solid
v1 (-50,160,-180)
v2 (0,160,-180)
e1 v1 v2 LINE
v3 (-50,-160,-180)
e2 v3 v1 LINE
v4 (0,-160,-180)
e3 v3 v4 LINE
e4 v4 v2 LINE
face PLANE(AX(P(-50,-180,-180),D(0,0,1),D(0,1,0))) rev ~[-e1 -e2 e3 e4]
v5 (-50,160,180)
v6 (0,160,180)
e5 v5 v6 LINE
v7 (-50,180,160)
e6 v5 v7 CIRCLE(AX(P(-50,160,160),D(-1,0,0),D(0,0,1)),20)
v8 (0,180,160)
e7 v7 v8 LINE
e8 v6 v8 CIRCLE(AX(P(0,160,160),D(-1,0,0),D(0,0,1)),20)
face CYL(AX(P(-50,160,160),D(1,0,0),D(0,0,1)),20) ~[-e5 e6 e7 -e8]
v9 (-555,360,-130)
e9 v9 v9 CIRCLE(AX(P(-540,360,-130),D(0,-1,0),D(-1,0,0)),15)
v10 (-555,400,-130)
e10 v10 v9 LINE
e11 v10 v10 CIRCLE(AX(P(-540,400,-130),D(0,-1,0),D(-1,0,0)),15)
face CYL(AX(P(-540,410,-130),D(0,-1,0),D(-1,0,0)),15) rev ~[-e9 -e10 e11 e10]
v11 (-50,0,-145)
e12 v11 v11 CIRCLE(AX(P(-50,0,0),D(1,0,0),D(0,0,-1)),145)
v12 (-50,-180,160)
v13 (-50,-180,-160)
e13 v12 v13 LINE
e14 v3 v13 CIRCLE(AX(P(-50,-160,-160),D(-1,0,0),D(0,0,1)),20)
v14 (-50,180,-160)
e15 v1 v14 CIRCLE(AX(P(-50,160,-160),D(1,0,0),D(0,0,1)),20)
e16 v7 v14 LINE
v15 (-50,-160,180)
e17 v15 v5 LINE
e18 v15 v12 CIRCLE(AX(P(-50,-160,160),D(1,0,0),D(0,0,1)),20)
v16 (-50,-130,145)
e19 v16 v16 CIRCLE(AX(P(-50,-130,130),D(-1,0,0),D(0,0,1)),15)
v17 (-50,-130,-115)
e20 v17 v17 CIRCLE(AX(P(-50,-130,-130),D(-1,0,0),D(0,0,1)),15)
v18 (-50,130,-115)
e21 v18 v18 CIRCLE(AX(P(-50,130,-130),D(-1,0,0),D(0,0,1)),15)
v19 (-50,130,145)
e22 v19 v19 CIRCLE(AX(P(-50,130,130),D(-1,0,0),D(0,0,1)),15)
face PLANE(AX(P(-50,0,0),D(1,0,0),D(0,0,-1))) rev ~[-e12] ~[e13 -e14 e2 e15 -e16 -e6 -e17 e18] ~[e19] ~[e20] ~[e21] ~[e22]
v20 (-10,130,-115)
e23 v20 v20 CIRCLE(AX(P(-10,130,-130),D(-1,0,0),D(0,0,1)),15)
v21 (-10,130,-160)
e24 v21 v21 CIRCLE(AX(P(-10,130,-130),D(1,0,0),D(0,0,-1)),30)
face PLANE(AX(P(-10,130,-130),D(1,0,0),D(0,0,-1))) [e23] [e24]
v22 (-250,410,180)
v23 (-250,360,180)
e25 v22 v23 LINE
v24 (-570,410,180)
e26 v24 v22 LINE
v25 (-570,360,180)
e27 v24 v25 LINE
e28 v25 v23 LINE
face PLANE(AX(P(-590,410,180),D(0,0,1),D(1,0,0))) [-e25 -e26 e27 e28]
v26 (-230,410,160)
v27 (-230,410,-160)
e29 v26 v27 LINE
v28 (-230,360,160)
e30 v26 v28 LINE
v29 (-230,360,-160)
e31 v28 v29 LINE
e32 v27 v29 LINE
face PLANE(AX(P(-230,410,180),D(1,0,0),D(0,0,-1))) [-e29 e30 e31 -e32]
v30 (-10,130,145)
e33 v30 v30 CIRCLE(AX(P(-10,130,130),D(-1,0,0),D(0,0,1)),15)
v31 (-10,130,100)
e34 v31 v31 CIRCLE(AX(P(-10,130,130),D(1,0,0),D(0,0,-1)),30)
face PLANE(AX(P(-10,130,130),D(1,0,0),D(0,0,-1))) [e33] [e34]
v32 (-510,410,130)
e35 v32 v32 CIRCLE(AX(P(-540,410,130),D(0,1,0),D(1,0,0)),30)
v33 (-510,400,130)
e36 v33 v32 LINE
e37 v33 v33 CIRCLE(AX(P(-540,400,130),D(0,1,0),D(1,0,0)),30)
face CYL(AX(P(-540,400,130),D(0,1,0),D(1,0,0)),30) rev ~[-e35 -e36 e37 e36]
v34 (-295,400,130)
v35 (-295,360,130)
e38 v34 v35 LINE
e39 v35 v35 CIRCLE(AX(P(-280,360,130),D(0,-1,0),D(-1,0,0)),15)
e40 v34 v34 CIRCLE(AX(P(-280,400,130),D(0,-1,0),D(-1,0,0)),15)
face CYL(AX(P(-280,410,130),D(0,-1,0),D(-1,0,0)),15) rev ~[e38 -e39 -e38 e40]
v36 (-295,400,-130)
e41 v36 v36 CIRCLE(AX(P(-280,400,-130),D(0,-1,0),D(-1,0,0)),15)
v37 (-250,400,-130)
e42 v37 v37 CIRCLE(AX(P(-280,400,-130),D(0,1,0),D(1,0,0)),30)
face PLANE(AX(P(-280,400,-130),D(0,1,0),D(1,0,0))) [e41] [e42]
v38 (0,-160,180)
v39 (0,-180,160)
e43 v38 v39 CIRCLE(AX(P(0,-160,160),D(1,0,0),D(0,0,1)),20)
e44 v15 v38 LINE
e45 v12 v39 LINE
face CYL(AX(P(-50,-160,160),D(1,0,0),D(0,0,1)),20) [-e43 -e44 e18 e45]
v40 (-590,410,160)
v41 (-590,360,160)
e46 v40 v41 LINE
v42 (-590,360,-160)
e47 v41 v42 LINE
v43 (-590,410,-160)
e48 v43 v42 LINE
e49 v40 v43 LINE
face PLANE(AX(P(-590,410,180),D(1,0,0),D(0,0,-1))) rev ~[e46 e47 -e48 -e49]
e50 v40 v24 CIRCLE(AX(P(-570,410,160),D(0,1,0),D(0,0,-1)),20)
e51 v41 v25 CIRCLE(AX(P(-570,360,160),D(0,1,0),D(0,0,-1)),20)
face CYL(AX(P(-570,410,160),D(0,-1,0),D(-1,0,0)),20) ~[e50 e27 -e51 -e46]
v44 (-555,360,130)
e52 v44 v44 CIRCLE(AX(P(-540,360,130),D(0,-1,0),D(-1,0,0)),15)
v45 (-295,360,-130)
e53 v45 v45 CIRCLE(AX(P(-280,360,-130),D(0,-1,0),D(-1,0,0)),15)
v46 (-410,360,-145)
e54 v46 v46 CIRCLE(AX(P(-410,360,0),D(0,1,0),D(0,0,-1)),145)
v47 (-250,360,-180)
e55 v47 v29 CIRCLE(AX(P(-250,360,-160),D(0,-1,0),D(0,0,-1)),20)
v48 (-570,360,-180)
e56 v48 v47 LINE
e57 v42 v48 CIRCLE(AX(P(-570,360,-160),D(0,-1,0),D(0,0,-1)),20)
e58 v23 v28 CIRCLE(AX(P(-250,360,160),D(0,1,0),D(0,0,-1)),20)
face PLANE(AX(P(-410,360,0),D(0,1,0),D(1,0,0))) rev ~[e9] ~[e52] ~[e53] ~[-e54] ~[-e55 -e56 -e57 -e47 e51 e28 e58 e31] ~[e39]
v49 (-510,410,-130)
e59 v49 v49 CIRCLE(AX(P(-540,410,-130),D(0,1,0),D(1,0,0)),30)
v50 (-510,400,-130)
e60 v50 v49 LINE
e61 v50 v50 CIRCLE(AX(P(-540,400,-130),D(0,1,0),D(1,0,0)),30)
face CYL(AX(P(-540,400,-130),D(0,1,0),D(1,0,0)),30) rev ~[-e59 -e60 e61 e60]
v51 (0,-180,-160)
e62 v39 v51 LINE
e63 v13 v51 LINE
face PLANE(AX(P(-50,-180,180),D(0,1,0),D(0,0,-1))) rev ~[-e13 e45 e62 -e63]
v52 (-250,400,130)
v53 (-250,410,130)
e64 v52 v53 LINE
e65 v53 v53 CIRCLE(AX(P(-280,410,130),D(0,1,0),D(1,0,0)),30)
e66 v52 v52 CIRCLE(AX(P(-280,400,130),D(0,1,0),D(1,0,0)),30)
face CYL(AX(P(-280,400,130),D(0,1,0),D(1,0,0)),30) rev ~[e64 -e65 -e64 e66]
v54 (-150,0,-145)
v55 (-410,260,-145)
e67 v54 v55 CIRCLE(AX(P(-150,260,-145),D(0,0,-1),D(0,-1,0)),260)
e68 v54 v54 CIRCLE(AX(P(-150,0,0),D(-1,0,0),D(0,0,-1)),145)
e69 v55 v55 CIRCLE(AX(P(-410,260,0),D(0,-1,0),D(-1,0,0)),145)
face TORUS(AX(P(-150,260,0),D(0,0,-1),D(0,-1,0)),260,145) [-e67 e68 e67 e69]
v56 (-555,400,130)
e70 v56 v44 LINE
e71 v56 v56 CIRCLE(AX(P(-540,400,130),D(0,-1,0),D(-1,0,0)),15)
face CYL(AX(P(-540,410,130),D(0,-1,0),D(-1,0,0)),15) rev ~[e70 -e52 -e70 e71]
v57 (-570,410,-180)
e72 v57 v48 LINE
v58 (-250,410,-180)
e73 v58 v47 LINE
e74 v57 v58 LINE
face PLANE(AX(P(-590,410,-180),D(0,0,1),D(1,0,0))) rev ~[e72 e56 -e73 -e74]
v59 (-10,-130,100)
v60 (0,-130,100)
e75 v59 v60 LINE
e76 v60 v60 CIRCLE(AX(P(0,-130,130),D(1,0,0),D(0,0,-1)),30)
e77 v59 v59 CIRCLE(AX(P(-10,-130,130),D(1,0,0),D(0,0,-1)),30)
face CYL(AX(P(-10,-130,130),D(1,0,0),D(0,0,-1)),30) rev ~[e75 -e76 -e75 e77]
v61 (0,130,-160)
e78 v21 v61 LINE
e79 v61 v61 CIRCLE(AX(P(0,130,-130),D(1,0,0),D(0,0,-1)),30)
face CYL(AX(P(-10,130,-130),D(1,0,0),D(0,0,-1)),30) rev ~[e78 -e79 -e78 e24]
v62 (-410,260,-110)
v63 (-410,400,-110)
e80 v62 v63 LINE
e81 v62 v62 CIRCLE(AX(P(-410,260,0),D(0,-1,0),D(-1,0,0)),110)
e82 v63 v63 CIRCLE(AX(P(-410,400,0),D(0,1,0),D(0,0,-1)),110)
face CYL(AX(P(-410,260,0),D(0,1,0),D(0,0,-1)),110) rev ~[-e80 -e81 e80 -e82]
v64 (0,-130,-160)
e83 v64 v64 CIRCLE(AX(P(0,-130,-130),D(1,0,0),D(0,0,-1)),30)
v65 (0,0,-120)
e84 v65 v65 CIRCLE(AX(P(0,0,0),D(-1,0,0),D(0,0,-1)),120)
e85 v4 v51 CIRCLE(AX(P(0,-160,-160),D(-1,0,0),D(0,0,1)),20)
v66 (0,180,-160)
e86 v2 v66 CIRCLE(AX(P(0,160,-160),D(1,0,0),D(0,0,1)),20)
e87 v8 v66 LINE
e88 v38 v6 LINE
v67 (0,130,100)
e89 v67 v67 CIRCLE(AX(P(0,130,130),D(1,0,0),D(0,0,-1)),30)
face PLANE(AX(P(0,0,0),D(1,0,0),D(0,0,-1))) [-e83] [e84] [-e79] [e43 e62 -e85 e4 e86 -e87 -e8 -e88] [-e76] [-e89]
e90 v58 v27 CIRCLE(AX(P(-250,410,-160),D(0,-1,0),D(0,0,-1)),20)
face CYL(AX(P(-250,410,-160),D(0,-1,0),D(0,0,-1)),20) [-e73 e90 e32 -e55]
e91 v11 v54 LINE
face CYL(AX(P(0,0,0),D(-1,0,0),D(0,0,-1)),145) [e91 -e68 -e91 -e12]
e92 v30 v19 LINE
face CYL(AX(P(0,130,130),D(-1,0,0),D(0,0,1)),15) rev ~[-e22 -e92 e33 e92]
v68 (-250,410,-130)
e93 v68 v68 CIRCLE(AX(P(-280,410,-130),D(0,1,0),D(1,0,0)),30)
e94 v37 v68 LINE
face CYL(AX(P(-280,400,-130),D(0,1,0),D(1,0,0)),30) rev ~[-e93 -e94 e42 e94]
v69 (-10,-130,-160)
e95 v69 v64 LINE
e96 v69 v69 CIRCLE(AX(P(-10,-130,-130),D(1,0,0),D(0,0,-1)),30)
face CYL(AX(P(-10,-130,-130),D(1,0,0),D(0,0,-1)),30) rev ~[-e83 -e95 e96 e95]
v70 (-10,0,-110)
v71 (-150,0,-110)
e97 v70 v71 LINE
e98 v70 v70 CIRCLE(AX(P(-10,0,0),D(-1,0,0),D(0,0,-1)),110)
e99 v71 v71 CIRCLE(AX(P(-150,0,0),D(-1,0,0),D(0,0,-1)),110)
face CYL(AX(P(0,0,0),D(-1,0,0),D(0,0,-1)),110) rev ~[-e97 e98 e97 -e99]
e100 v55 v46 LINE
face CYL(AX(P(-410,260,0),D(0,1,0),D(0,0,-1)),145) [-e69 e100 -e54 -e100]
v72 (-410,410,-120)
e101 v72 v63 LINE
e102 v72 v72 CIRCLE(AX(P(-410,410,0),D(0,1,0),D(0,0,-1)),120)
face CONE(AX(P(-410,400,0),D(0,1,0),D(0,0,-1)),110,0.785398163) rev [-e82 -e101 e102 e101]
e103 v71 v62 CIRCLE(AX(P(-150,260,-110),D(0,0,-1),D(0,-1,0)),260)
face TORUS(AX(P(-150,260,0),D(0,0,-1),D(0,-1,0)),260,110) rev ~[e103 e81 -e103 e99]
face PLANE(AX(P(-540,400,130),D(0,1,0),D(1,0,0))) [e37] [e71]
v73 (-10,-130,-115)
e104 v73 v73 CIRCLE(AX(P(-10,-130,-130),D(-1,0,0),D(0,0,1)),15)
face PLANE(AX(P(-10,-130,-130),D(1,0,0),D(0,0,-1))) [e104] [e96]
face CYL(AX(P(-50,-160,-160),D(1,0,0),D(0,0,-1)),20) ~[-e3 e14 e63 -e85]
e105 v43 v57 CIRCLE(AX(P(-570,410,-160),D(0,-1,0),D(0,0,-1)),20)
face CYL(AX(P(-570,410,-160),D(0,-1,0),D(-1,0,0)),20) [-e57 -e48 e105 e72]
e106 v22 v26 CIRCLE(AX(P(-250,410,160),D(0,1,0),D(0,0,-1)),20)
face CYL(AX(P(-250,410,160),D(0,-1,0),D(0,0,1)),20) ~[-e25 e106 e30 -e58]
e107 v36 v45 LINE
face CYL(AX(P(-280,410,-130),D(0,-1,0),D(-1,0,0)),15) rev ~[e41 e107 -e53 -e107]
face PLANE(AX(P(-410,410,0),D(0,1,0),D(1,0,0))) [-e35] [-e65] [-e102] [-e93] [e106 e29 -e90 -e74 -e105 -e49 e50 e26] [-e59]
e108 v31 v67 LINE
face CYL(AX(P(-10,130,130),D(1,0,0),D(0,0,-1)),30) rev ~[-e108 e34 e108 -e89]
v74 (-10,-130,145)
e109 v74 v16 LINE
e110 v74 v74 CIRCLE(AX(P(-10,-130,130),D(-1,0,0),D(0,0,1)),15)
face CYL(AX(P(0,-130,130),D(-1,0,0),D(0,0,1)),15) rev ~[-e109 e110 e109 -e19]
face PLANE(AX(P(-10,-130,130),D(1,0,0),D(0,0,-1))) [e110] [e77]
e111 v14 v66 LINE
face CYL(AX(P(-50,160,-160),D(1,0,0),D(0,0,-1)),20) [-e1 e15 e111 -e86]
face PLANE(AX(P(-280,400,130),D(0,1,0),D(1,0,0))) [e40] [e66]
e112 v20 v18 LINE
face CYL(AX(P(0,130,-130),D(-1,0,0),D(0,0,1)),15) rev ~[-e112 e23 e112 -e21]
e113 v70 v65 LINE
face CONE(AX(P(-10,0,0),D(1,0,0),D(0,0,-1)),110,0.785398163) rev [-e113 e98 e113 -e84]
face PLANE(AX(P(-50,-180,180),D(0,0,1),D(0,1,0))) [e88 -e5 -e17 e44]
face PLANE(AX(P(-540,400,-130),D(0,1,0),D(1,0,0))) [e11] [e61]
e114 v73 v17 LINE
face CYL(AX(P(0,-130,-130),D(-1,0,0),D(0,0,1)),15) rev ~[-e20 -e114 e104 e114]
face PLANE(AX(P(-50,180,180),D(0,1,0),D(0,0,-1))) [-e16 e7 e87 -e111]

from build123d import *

# Parameters (mm, degrees)
SKETCH2_R                                           = 145
SKETCH2_R_2                                         = 110
BOSS_EXTRUDE2_START                                 = -50
SKETCH8_W                                           = 360
SKETCH8_H                                           = 360
SKETCH8_R                                           = 145
BOSS_EXTRUDE2_DEPTH                                 = 50
FILLET1_R                                           = 20
CBORE_FOR_0_BINDING_HEAD_MACHINE_SCREW3_D           = 29.999999944
CBORE_FOR_0_BINDING_HEAD_MACHINE_SCREW3_DEPTH       = 50
CBORE_FOR_0_BINDING_HEAD_MACHINE_SCREW3_CBORE_D     = 59.999999888
CBORE_FOR_0_BINDING_HEAD_MACHINE_SCREW3_CBORE_DEPTH = 10.000000066
SKETCH21_W                                          = 360
SKETCH21_H                                          = 360
SKETCH21_R                                          = 145
BOSS_EXTRUDE4_DEPTH                                 = 50
CBORE_FOR_0_BINDING_HEAD_MACHINE_SCREW5_D           = 29.999999944
CBORE_FOR_0_BINDING_HEAD_MACHINE_SCREW5_DEPTH       = 50
CBORE_FOR_0_BINDING_HEAD_MACHINE_SCREW5_CBORE_D     = 59.999999888
CBORE_FOR_0_BINDING_HEAD_MACHINE_SCREW5_CBORE_DEPTH = 10.000000066
FILLET2_R                                           = 20
CHAMFER1_SIZE                                       = 10


with BuildPart() as part:
    # Sweep12: sweep along a path in Sketch1
    with BuildLine(Plane.XY) as sweep12_path:
        Line((0, 0), (-150, 0))
        ThreePointArc((-150, 0), (-333.847763109, 76.152236891), (-410, 260))
        Line((-410, 260), (-410, 410))
    # Sketch2 → Sweep12 (sweep)
    with BuildSketch(Plane(origin=(0, 0, 0), x_dir=(0, 0, -1), z_dir=(1, 0, 0))):
        Circle(SKETCH2_R)
        Circle(SKETCH2_R_2, mode=Mode.SUBTRACT)
    sweep(path=sweep12_path.line)

    # Sketch8 → Boss-Extrude2 (add)
    with BuildSketch(Plane(origin=(0, 0, 0), x_dir=(0, 0, -1), z_dir=(1, 0, 0)).offset(BOSS_EXTRUDE2_START)):
        Rectangle(SKETCH8_W, SKETCH8_H)
        with Locations(Location((0, 0, 0), (0, 0, 270))):
            Circle(SKETCH8_R, mode=Mode.SUBTRACT)
    extrude(amount=BOSS_EXTRUDE2_DEPTH)

    # Fillet1
    fillet1_edges = [part.edges().sort_by_distance(p)[0] for p in [
        (-25, 180, -180),
        (-25, -180, -180),
        (-25, -180, 180),
        (-25, 180, 180),
    ]]
    fillet(fillet1_edges, radius=FILLET1_R)

    # CBORE for #0 Binding Head Machine Screw3
    with Locations(Plane(origin=(0, 0, 0), x_dir=(0, 0, -1), z_dir=(1, 0, 0))):
        with Locations((-130, 130), (130, 130), (130, -130), (-130, -130)):
            CounterBoreHole(CBORE_FOR_0_BINDING_HEAD_MACHINE_SCREW3_D / 2, CBORE_FOR_0_BINDING_HEAD_MACHINE_SCREW3_CBORE_D / 2, CBORE_FOR_0_BINDING_HEAD_MACHINE_SCREW3_CBORE_DEPTH, depth=CBORE_FOR_0_BINDING_HEAD_MACHINE_SCREW3_DEPTH)

    # Sketch21 → Boss-Extrude4 (add)
    with BuildSketch(Plane(origin=(0, 410, 0), x_dir=(1, 0, 0), z_dir=(0, 1, 0))):
        with Locations((-410, 0)):
            Rectangle(SKETCH21_W, SKETCH21_H)
        with Locations(Location((-410, 0, 0), (0, 0, 180))):
            Circle(SKETCH21_R, mode=Mode.SUBTRACT)
    extrude(amount=-BOSS_EXTRUDE4_DEPTH)

    # CBORE for #0 Binding Head Machine Screw5
    with Locations(Plane(origin=(0, 410, 0), x_dir=(1, 0, 0), z_dir=(0, 1, 0))):
        with Locations((-540, 130), (-280, 130), (-280, -130), (-540, -130)):
            CounterBoreHole(CBORE_FOR_0_BINDING_HEAD_MACHINE_SCREW5_D / 2, CBORE_FOR_0_BINDING_HEAD_MACHINE_SCREW5_CBORE_D / 2, CBORE_FOR_0_BINDING_HEAD_MACHINE_SCREW5_CBORE_DEPTH, depth=CBORE_FOR_0_BINDING_HEAD_MACHINE_SCREW5_DEPTH)

    # Fillet2
    fillet2_edges = [part.edges().sort_by_distance(p)[0] for p in [
        (-230, 385, -180),
        (-230, 385, 180),
        (-590, 385, 180),
        (-590, 385, -180),
    ]]
    fillet(fillet2_edges, radius=FILLET2_R)

    # Chamfer1
    chamfer1_edges = [part.edges().sort_by_distance(p)[0] for p in [
        (-410, 410, 110),
        (0, 0, 110),
    ]]
    chamfer(chamfer1_edges, length=CHAMFER1_SIZE)


solid = part.part
